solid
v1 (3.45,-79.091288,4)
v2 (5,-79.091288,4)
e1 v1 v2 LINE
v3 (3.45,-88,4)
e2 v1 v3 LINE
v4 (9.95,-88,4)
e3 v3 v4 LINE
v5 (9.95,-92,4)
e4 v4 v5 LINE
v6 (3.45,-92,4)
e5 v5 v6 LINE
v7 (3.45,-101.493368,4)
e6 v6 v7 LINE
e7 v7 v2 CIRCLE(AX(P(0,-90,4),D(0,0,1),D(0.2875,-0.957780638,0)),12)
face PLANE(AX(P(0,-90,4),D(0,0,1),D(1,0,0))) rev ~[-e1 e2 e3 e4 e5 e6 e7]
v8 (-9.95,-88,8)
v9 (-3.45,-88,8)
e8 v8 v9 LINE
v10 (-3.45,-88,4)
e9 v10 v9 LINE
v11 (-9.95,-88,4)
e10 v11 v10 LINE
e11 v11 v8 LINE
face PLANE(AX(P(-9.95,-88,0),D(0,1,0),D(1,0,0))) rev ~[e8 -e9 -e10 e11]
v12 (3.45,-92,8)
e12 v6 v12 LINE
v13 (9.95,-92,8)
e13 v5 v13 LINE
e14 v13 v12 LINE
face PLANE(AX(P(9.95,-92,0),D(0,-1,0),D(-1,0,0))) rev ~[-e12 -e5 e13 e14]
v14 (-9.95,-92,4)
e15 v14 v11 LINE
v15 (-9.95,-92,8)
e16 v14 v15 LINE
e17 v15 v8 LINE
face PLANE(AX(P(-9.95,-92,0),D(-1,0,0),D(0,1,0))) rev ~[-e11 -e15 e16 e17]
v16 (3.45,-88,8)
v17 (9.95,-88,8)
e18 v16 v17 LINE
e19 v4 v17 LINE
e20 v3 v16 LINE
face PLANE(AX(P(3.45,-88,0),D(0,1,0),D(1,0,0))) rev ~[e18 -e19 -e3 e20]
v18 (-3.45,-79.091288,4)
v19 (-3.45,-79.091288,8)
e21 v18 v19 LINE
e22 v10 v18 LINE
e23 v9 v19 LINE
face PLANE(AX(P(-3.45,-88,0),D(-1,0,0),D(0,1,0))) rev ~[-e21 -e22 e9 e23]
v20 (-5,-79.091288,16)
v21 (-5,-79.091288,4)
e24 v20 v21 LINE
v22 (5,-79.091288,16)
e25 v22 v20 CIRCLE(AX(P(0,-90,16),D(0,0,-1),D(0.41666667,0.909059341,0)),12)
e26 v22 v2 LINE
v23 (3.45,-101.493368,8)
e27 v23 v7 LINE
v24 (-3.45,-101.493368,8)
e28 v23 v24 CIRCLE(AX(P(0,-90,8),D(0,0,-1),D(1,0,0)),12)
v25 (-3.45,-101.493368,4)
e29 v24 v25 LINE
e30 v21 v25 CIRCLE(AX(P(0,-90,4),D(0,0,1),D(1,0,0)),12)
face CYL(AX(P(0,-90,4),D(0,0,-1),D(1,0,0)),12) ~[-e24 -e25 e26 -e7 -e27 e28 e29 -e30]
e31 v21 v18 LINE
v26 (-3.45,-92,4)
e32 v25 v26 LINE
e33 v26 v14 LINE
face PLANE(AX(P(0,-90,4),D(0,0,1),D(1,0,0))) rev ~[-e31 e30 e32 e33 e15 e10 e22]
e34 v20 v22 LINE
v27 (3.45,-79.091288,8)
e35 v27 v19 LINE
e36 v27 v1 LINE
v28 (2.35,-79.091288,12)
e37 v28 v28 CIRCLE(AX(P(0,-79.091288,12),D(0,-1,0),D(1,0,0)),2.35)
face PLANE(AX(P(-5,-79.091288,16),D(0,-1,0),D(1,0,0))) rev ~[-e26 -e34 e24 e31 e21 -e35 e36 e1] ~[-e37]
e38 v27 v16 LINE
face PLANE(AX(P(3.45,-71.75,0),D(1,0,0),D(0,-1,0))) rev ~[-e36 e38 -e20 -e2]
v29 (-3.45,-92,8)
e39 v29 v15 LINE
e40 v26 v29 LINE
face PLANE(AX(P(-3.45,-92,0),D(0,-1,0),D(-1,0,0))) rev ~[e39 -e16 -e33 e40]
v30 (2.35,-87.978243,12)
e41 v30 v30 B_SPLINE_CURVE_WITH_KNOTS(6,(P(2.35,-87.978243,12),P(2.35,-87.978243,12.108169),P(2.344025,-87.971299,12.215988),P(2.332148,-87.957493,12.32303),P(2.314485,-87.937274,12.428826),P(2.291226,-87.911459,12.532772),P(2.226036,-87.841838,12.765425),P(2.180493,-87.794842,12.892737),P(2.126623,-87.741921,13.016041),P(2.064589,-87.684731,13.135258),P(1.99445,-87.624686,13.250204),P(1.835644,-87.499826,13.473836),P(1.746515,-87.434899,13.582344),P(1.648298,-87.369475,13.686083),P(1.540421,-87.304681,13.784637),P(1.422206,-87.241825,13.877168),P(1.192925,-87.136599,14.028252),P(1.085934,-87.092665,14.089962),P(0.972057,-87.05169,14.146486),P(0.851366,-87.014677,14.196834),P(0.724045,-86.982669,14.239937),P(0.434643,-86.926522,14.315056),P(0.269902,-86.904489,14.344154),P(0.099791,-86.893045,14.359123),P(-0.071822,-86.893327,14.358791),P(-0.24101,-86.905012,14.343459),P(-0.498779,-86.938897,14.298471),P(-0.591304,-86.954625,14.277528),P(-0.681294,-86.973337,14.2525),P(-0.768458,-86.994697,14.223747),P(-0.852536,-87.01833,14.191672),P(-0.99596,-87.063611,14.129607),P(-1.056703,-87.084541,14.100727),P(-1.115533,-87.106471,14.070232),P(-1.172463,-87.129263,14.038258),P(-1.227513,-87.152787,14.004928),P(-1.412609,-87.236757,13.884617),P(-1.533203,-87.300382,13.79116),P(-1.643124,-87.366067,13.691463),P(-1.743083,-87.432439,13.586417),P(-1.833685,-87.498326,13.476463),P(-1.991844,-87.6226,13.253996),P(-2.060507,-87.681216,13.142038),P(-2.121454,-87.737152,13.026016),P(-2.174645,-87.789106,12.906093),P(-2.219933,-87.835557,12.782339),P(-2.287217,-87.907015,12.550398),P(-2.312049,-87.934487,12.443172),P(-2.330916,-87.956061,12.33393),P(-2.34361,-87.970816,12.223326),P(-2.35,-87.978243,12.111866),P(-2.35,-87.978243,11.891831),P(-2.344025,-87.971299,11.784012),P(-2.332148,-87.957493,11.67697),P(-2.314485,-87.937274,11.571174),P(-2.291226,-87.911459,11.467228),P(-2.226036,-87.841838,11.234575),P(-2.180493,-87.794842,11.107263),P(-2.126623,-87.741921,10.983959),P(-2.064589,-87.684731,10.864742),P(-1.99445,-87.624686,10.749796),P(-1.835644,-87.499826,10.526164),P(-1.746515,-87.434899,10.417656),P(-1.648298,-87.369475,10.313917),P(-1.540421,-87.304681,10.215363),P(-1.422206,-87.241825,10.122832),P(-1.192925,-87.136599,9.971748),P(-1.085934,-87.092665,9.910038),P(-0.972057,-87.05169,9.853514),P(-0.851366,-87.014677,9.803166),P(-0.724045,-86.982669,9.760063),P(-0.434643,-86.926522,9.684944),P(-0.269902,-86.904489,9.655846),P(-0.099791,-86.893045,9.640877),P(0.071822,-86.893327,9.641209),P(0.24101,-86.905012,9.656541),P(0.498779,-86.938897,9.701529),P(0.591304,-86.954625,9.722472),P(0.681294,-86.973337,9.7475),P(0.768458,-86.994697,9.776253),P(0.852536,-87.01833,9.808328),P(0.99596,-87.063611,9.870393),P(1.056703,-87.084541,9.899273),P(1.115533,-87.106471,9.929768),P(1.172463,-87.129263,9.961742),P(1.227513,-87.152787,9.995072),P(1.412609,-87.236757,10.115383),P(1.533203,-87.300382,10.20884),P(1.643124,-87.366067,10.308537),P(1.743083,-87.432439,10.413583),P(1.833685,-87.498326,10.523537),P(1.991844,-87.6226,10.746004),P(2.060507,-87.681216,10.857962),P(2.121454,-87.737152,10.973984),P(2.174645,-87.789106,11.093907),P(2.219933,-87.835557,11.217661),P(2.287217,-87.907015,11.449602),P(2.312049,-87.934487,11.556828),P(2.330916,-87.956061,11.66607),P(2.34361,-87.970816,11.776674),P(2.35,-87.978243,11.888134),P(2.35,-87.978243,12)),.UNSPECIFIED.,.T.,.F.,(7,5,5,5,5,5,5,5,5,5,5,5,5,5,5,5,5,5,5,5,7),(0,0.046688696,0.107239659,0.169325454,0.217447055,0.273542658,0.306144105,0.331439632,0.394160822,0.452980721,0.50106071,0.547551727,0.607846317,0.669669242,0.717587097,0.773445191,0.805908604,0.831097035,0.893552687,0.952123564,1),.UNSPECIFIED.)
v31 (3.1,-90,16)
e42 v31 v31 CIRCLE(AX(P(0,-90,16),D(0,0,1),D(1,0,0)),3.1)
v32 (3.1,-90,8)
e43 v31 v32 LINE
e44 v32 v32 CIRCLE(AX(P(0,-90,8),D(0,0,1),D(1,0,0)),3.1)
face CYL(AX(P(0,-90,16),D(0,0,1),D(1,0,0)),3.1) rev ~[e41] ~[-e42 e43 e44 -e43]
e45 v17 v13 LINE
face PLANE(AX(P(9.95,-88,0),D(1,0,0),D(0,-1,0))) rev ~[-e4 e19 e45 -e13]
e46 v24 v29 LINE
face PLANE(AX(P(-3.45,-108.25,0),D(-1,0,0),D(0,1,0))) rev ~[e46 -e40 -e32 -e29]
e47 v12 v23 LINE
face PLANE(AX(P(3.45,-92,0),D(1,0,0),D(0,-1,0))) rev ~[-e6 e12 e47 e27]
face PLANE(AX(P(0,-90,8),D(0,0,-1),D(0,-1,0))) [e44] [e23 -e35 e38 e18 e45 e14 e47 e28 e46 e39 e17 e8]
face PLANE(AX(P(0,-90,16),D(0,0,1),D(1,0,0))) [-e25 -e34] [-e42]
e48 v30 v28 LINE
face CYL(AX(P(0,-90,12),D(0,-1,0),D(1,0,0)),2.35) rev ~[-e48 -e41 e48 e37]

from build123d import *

# Parameters (mm, degrees)
PAD125_DEPTH    = 4
SKETCH248_R     = 12
PAD126_DEPTH    = 12
POCKET089_DEPTH = 8
SKETCH249_R     = 3.1
POCKET090_DEPTH = 12.001
SKETCH250_R     = 2.35
POCKET091_DEPTH = 12.001
SKETCH251_W     = 10
SKETCH251_H     = 6.070738
POCKET092_DEPTH = 12.001


with BuildPart() as part:
    # Sketch247 → Pad125 (new body)
    with BuildSketch(Plane.XY):
        Polygon((-3.45, 2), (-3.45, 18.25), (3.45, 18.25), (3.45, 2), (9.95, 2), (9.95, -2), (3.45, -2), (3.45, -18.25), (-3.45, -18.25), (-3.45, -2), (-9.95, -2), (-9.95, 2), align=None)
    extrude(amount=PAD125_DEPTH)

    # Sketch248 (on Face14 of Pad125) → Pad126 (join)
    with BuildSketch(Plane.XY.offset(4)):
        Circle(SKETCH248_R)
    extrude(amount=PAD126_DEPTH)

    # Pad126 Face4 → Pocket089 (cut)
    with BuildSketch(Plane(origin=(0, 0, 0), x_dir=(0, -1, 0), z_dir=(0, 0, -1))):
        Polygon((-2, 3.45), (-18.25, 3.45), (-18.25, -3.45), (-2, -3.45), (-2, -9.95), (2, -9.95), (2, -3.45), (18.25, -3.45), (18.25, 3.45), (2, 3.45), (2, 9.95), (-2, 9.95), align=None)
    extrude(amount=-POCKET089_DEPTH, mode=Mode.SUBTRACT)

    # Sketch249 (on Face9 of Pocket089) → Pocket090 (cut, through all)
    with BuildSketch(Plane.XY.offset(16)):
        Circle(SKETCH249_R)
    extrude(amount=-POCKET090_DEPTH, mode=Mode.SUBTRACT)

    # Sketch250 → Pocket091 (cut, through all)
    with BuildSketch(Plane.XZ):
        with Locations((0, 12)):
            Circle(SKETCH250_R)
    extrude(amount=-POCKET091_DEPTH, mode=Mode.SUBTRACT)

    # Sketch251 (on Face12 of Pocket091) → Pocket092 (cut, through all)
    with BuildSketch(Plane.XY.offset(16)):
        with Locations((0, 13.944081)):
            Rectangle(SKETCH251_W, SKETCH251_H)
    extrude(amount=-POCKET092_DEPTH, mode=Mode.SUBTRACT)


with BuildPart() as part_1:
    # Body142 placement: moved
    add(part.part.moved(Location((0, -90, 0))))


solid = part_1.part
